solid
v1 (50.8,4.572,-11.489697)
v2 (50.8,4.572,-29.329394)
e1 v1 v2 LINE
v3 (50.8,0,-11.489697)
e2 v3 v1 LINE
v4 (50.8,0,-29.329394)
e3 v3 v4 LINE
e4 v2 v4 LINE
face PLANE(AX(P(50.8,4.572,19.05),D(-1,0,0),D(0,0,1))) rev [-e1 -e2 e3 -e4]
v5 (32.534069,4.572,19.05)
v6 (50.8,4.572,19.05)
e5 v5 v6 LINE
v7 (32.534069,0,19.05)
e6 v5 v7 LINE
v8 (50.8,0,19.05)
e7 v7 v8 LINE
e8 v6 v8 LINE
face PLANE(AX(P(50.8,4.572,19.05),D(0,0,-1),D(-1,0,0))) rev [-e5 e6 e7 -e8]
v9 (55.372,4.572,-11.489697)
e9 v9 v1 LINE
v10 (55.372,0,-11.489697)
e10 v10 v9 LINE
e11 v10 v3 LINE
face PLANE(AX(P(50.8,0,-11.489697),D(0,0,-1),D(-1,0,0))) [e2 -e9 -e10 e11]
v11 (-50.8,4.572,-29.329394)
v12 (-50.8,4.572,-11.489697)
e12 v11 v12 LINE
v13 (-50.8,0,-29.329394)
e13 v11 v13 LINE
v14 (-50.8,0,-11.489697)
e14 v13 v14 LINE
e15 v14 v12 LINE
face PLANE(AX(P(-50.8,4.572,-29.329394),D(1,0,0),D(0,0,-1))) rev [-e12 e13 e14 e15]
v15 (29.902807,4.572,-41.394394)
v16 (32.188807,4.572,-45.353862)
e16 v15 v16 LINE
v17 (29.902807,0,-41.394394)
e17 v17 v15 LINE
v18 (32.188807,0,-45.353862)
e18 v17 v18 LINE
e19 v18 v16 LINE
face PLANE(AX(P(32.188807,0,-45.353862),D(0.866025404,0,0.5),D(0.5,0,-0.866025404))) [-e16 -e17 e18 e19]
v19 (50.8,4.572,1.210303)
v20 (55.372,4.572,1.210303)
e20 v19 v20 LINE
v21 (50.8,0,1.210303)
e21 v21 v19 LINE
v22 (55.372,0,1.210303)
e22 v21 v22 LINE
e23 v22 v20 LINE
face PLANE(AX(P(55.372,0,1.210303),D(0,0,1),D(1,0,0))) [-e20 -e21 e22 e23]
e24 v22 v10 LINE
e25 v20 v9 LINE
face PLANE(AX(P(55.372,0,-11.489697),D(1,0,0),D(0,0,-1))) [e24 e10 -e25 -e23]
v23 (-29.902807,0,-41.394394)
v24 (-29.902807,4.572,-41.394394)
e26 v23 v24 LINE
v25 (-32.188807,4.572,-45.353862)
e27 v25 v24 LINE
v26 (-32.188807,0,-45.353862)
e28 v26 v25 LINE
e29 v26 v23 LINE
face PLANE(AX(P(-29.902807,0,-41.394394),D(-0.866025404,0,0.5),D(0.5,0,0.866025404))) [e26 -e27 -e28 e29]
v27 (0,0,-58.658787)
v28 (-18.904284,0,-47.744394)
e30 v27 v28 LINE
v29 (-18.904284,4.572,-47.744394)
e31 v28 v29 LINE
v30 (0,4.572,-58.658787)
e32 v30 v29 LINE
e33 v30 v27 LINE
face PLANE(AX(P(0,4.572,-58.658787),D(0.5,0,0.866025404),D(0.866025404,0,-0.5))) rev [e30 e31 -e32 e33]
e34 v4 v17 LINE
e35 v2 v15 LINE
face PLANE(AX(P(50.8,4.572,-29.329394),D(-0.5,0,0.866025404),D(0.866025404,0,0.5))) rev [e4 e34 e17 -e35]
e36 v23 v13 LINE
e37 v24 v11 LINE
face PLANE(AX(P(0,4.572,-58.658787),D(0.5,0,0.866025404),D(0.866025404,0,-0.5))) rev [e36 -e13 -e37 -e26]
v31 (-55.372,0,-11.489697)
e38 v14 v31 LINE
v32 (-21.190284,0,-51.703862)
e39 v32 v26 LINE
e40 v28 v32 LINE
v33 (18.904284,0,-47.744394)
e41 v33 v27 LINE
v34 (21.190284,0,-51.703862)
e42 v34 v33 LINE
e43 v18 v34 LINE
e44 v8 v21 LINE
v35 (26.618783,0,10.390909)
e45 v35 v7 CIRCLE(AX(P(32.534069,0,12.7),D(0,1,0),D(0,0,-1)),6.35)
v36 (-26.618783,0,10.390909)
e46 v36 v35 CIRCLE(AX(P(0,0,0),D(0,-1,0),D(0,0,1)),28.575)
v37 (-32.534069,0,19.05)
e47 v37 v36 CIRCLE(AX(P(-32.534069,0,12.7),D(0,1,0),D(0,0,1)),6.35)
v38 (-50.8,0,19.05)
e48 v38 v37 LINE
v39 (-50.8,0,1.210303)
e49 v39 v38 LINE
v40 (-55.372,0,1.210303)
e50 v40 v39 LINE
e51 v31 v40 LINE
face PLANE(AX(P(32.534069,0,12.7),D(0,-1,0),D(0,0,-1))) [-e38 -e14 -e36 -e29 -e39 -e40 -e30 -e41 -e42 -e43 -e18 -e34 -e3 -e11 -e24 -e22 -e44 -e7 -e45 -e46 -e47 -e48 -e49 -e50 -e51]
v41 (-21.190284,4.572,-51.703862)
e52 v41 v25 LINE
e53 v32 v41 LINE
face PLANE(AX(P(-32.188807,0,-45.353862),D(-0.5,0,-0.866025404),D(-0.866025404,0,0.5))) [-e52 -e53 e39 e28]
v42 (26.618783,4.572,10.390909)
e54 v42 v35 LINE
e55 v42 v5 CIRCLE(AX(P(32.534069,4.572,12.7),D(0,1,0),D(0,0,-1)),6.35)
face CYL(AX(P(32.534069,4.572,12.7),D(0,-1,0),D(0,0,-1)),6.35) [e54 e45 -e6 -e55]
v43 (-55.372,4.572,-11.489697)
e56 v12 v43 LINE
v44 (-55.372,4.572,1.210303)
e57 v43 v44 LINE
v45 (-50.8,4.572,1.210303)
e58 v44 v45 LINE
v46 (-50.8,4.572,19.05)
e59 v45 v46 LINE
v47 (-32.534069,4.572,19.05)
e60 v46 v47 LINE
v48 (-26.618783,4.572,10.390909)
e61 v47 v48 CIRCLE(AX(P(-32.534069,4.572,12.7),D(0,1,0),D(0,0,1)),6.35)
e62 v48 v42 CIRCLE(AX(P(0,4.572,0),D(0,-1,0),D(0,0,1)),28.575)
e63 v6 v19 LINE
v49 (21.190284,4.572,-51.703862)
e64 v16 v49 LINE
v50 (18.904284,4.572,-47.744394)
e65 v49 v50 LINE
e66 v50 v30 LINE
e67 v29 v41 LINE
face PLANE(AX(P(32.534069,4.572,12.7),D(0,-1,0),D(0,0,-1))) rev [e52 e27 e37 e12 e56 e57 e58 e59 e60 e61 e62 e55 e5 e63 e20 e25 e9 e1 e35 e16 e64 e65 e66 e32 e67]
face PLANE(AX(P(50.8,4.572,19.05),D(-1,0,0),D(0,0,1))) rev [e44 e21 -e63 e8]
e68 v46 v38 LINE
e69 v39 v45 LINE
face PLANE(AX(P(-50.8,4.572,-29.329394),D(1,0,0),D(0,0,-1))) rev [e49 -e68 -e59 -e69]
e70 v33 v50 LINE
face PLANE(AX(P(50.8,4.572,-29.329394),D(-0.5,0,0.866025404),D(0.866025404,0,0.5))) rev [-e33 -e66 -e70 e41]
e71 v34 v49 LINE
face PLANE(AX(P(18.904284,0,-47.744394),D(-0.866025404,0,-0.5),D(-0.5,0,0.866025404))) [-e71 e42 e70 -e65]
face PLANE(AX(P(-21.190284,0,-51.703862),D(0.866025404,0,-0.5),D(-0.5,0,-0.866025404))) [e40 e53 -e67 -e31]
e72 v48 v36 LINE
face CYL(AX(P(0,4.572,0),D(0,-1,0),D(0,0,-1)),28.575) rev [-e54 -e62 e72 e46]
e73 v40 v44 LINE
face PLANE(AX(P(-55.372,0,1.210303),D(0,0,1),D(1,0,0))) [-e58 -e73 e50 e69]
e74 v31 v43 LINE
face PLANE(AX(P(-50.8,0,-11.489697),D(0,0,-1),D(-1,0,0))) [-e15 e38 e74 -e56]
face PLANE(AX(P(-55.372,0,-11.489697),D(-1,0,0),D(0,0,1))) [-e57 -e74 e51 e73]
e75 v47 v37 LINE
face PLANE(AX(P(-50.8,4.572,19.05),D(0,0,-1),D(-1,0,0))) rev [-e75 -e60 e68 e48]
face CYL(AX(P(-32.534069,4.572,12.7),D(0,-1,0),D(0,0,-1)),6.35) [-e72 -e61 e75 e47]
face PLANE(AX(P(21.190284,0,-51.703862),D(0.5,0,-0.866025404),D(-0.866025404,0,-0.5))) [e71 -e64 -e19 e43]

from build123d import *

# Parameters (mm, degrees)
BOSS_EXTRUDE1_DEPTH = 4.572
SKETCH2_W           = 4.572
SKETCH2_H           = 12.7
BOSS_EXTRUDE2_DEPTH = 4.572


with BuildPart() as part:
    # Sketch1 → Boss-Extrude1 (new body)
    with BuildSketch(Plane(origin=(0, 0, 0), x_dir=(1, 0, 0), z_dir=(0, 1, 0))):
        with BuildLine():
            Line((-50.8, -19.05), (-32.534068682, -19.05))
            ThreePointArc((-32.534068682, -19.05), (-27.290728751, -16.281883075), (-26.618783467, -10.390909091))
            ThreePointArc((-26.618783467, -10.390909091), (0, 28.575), (26.618783467, -10.390909091))
            ThreePointArc((26.618783467, -10.390909091), (27.290728751, -16.281883075), (32.534068682, -19.05))
            Line((32.534068682, -19.05), (50.8, -19.05))
            Line((50.8, -19.05), (50.8, 29.329393675))
            Line((50.8, 29.329393675), (0, 58.65878735))
            Line((0, 58.65878735), (-50.8, 29.329393675))
            Line((-50.8, 29.329393675), (-50.8, -19.05))
        make_face()
    extrude(amount=BOSS_EXTRUDE1_DEPTH)

    # Sketch2 → Boss-Extrude2 (add)
    with BuildSketch(Plane(origin=(0, 4.572, 0), x_dir=(1, 0, 0), z_dir=(0, 1, 0))):
        with Locations((-53.086, 5.139696837)):
            Rectangle(SKETCH2_W, SKETCH2_H)
        Polygon((-29.902807007, 41.394393675), (-32.188807007, 45.353861821), (-21.190284379, 51.703861821), (-18.904284379, 47.744393675), align=None)
        Polygon((18.904284379, 47.744393675), (21.190284379, 51.703861821), (32.188807007, 45.353861821), (29.902807007, 41.394393675), align=None)
        with Locations((53.086, 5.139696837)):
            Rectangle(SKETCH2_W, SKETCH2_H)
    extrude(amount=-BOSS_EXTRUDE2_DEPTH)


solid = part.part
